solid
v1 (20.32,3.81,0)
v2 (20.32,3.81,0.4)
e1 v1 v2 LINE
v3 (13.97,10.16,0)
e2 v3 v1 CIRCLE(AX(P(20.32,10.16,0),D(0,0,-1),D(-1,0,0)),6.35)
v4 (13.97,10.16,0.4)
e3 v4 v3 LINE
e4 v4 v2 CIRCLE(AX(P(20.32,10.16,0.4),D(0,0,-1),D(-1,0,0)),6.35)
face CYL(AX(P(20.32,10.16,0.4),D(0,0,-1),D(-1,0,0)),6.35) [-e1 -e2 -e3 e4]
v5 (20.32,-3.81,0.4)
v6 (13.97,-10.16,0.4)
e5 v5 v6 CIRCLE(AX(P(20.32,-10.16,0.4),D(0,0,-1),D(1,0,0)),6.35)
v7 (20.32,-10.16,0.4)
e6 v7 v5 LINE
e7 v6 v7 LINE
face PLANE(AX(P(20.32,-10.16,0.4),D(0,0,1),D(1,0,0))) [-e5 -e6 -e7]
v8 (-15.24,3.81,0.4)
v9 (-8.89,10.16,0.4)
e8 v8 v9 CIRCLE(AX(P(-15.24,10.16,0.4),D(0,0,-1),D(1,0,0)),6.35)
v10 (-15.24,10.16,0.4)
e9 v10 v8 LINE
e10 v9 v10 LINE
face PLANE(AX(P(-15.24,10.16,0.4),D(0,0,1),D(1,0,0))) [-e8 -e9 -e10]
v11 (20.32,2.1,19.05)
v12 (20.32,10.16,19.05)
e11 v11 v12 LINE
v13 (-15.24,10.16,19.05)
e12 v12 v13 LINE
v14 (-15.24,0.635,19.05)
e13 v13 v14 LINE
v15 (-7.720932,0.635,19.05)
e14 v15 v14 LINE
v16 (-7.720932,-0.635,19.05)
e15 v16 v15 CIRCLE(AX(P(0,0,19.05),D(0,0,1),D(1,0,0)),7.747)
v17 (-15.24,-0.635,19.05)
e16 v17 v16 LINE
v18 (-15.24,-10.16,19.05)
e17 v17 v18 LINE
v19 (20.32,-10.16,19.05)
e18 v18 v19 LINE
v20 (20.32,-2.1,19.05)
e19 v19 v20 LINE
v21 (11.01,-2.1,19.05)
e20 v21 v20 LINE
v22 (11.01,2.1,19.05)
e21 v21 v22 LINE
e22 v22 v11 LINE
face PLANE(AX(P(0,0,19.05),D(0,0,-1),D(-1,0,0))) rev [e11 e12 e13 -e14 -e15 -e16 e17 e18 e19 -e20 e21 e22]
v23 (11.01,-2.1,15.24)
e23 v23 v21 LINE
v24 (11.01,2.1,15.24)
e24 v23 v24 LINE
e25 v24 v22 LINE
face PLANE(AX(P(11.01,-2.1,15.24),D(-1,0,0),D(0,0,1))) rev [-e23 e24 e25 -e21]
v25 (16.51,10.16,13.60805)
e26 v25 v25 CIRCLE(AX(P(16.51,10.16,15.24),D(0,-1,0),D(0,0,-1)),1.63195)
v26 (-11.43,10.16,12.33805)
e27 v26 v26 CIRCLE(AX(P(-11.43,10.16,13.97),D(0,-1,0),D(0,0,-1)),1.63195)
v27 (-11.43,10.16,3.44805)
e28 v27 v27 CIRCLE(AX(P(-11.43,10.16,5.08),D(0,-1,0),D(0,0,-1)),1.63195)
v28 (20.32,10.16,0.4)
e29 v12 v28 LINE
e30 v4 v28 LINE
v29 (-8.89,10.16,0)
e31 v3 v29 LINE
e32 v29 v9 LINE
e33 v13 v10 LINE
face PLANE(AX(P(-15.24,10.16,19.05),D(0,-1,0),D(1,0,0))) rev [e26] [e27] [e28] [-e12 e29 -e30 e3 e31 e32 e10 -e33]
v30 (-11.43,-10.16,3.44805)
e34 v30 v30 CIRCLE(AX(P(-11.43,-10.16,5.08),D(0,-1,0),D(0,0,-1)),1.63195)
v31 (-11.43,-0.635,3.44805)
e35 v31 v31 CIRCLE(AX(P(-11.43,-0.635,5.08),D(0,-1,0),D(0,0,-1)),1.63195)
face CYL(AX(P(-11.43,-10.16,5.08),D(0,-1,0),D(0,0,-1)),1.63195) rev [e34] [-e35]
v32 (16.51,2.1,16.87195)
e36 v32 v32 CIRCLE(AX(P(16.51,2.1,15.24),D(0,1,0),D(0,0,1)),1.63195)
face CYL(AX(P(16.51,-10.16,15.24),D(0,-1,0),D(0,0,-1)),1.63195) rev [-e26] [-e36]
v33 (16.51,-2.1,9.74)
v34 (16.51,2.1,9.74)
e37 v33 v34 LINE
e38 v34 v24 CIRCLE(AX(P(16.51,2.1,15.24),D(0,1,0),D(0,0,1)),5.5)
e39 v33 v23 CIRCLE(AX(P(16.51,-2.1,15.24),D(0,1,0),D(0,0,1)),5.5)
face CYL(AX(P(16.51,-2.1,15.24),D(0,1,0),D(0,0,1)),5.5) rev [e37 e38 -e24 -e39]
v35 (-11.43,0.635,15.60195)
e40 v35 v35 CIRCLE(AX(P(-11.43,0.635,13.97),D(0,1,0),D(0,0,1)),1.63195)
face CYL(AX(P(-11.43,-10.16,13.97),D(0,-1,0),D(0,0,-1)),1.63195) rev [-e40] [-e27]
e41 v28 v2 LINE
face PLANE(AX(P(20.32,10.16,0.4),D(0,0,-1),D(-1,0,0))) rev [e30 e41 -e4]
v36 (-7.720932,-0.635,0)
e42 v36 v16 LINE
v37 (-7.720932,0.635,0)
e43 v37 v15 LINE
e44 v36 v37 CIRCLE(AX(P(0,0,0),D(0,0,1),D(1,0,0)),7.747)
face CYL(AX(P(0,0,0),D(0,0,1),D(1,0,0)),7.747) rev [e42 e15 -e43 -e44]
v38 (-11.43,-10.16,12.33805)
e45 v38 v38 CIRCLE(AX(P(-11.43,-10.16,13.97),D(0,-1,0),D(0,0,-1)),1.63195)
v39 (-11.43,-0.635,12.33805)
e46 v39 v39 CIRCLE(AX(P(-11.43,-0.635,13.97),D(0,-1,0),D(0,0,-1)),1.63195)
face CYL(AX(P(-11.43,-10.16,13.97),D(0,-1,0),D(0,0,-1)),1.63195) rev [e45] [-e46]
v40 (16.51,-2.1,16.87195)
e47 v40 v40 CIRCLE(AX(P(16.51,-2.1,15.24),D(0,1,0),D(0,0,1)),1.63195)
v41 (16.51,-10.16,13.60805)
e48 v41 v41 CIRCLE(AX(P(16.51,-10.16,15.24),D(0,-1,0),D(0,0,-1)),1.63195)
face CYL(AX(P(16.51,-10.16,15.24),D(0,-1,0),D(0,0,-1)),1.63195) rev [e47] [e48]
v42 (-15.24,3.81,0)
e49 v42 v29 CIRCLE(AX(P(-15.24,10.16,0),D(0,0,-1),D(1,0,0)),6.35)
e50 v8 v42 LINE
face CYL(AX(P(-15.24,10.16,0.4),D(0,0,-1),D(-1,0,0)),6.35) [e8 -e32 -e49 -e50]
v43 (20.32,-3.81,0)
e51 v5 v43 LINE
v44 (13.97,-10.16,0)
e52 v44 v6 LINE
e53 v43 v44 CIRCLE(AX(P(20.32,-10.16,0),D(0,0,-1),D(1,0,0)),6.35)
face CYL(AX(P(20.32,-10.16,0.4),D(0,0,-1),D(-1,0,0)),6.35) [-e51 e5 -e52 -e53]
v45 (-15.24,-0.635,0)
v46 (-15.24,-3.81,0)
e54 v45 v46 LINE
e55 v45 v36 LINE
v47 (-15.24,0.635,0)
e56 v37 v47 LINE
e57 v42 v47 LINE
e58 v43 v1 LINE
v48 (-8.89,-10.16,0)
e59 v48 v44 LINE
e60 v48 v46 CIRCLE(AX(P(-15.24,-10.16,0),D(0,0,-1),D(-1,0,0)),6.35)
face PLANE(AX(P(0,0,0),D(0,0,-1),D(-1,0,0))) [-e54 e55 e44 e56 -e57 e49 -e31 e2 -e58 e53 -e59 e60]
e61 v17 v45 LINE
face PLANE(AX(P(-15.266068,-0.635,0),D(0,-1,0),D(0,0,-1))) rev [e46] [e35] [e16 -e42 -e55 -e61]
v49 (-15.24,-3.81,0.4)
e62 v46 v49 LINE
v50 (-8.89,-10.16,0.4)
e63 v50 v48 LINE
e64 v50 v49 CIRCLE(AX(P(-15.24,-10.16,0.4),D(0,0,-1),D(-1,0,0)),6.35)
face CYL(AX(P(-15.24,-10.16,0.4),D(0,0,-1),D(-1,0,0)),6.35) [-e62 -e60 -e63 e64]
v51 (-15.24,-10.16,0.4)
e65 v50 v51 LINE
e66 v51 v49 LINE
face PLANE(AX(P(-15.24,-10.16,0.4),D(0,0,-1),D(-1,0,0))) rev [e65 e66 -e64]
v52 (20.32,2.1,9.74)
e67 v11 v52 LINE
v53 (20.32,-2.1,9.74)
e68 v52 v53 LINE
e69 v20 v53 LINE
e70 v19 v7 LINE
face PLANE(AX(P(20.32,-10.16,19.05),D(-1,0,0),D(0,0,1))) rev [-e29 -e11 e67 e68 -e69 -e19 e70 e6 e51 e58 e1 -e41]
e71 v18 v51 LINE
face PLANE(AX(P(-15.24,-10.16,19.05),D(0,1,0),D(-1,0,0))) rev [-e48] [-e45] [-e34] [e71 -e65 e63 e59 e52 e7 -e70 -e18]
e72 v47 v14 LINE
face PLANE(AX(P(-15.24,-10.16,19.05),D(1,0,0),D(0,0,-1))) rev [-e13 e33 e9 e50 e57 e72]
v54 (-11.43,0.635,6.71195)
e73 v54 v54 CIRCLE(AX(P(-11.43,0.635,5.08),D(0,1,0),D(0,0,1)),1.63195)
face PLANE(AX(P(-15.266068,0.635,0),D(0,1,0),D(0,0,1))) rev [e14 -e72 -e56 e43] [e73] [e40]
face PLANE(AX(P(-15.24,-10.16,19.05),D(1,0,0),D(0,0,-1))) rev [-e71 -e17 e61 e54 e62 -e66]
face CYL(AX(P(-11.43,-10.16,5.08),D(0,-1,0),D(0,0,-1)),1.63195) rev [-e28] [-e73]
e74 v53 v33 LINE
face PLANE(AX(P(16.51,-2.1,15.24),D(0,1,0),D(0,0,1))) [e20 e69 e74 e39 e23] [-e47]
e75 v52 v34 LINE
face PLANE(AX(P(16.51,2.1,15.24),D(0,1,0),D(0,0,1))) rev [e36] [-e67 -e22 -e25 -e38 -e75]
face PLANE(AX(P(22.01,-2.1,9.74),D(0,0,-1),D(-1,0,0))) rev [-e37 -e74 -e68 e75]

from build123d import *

# Parameters (mm, degrees)
SKETCH1_W             = 35.56
SKETCH1_H             = 20.32
BOSS_EXTRUDE1_DEPTH   = 19.05
SKETCH2_R             = 7.747
CUT_EXTRUDE1_DEPTH    = 20.05
SKETCH3_W             = 7.5451369
SKETCH3_H             = 1.27
CUT_EXTRUDE2_DEPTH    = 20.05
CUT_EXTRUDE4_DEPTH    = 2.1
F_4_CLEARANCE_HOLE1_D = 3.2639
SKETCH12_R            = 6.35
BOSS_EXTRUDE2_DEPTH   = 0.4


with BuildPart() as part:
    # Sketch1 → Boss-Extrude1 (new body)
    with BuildSketch(Plane.XY):
        with Locations((2.54, 0)):
            Rectangle(SKETCH1_W, SKETCH1_H)
    extrude(amount=BOSS_EXTRUDE1_DEPTH)

    # Sketch2 → Cut-Extrude1 (cut, through all)
    with BuildSketch(Plane.XY.offset(19.05)):
        Circle(SKETCH2_R)
    extrude(amount=-CUT_EXTRUDE1_DEPTH, mode=Mode.SUBTRACT)

    # Sketch3 → Cut-Extrude2 (cut, through all)
    with BuildSketch(Plane.XY.offset(19.05)):
        with Locations((-11.4935, 0)):
            Rectangle(SKETCH3_W, SKETCH3_H)
    extrude(amount=-CUT_EXTRUDE2_DEPTH, mode=Mode.SUBTRACT)

    # Sketch9 → Cut-Extrude4 (cut, symmetric)
    with BuildSketch(Plane(origin=(0, 0, 0), x_dir=(1, 0, 0), z_dir=(0, 1, 0))):
        with BuildLine():
            Line((11.01, -15.24), (11.01, -20.74))
            Line((11.01, -20.74), (22.01, -20.74))
            Line((22.01, -20.74), (22.01, -9.74))
            Line((22.01, -9.74), (16.51, -9.74))
            ThreePointArc((16.51, -9.74), (12.620912703, -11.350912703), (11.01, -15.24))
        make_face()
    extrude(amount=CUT_EXTRUDE4_DEPTH, both=True, mode=Mode.SUBTRACT)

    # #4 Clearance Hole1 (through all)
    with Locations(Plane(origin=(0, -10.16, 0), x_dir=(-1, 0, 0), z_dir=(0, -1, 0))):
        with Locations((11.43, -13.97), (11.43, -5.08), (-16.51, -15.24)):
            Hole(F_4_CLEARANCE_HOLE1_D / 2)

    # Sketch12 → Boss-Extrude2 (add)
    with BuildSketch(Plane(origin=(0, 0, 0), x_dir=(-1, 0, 0), z_dir=(0, 0, -1))):
        with Locations((15.24, -10.16)):
            Circle(SKETCH12_R)
        with Locations((-20.32, -10.16)):
            Circle(SKETCH12_R)
        with Locations((-20.32, 10.16)):
            Circle(SKETCH12_R)
        with Locations((15.24, 10.16)):
            Circle(SKETCH12_R)
    extrude(amount=-BOSS_EXTRUDE2_DEPTH)


solid = part.part
